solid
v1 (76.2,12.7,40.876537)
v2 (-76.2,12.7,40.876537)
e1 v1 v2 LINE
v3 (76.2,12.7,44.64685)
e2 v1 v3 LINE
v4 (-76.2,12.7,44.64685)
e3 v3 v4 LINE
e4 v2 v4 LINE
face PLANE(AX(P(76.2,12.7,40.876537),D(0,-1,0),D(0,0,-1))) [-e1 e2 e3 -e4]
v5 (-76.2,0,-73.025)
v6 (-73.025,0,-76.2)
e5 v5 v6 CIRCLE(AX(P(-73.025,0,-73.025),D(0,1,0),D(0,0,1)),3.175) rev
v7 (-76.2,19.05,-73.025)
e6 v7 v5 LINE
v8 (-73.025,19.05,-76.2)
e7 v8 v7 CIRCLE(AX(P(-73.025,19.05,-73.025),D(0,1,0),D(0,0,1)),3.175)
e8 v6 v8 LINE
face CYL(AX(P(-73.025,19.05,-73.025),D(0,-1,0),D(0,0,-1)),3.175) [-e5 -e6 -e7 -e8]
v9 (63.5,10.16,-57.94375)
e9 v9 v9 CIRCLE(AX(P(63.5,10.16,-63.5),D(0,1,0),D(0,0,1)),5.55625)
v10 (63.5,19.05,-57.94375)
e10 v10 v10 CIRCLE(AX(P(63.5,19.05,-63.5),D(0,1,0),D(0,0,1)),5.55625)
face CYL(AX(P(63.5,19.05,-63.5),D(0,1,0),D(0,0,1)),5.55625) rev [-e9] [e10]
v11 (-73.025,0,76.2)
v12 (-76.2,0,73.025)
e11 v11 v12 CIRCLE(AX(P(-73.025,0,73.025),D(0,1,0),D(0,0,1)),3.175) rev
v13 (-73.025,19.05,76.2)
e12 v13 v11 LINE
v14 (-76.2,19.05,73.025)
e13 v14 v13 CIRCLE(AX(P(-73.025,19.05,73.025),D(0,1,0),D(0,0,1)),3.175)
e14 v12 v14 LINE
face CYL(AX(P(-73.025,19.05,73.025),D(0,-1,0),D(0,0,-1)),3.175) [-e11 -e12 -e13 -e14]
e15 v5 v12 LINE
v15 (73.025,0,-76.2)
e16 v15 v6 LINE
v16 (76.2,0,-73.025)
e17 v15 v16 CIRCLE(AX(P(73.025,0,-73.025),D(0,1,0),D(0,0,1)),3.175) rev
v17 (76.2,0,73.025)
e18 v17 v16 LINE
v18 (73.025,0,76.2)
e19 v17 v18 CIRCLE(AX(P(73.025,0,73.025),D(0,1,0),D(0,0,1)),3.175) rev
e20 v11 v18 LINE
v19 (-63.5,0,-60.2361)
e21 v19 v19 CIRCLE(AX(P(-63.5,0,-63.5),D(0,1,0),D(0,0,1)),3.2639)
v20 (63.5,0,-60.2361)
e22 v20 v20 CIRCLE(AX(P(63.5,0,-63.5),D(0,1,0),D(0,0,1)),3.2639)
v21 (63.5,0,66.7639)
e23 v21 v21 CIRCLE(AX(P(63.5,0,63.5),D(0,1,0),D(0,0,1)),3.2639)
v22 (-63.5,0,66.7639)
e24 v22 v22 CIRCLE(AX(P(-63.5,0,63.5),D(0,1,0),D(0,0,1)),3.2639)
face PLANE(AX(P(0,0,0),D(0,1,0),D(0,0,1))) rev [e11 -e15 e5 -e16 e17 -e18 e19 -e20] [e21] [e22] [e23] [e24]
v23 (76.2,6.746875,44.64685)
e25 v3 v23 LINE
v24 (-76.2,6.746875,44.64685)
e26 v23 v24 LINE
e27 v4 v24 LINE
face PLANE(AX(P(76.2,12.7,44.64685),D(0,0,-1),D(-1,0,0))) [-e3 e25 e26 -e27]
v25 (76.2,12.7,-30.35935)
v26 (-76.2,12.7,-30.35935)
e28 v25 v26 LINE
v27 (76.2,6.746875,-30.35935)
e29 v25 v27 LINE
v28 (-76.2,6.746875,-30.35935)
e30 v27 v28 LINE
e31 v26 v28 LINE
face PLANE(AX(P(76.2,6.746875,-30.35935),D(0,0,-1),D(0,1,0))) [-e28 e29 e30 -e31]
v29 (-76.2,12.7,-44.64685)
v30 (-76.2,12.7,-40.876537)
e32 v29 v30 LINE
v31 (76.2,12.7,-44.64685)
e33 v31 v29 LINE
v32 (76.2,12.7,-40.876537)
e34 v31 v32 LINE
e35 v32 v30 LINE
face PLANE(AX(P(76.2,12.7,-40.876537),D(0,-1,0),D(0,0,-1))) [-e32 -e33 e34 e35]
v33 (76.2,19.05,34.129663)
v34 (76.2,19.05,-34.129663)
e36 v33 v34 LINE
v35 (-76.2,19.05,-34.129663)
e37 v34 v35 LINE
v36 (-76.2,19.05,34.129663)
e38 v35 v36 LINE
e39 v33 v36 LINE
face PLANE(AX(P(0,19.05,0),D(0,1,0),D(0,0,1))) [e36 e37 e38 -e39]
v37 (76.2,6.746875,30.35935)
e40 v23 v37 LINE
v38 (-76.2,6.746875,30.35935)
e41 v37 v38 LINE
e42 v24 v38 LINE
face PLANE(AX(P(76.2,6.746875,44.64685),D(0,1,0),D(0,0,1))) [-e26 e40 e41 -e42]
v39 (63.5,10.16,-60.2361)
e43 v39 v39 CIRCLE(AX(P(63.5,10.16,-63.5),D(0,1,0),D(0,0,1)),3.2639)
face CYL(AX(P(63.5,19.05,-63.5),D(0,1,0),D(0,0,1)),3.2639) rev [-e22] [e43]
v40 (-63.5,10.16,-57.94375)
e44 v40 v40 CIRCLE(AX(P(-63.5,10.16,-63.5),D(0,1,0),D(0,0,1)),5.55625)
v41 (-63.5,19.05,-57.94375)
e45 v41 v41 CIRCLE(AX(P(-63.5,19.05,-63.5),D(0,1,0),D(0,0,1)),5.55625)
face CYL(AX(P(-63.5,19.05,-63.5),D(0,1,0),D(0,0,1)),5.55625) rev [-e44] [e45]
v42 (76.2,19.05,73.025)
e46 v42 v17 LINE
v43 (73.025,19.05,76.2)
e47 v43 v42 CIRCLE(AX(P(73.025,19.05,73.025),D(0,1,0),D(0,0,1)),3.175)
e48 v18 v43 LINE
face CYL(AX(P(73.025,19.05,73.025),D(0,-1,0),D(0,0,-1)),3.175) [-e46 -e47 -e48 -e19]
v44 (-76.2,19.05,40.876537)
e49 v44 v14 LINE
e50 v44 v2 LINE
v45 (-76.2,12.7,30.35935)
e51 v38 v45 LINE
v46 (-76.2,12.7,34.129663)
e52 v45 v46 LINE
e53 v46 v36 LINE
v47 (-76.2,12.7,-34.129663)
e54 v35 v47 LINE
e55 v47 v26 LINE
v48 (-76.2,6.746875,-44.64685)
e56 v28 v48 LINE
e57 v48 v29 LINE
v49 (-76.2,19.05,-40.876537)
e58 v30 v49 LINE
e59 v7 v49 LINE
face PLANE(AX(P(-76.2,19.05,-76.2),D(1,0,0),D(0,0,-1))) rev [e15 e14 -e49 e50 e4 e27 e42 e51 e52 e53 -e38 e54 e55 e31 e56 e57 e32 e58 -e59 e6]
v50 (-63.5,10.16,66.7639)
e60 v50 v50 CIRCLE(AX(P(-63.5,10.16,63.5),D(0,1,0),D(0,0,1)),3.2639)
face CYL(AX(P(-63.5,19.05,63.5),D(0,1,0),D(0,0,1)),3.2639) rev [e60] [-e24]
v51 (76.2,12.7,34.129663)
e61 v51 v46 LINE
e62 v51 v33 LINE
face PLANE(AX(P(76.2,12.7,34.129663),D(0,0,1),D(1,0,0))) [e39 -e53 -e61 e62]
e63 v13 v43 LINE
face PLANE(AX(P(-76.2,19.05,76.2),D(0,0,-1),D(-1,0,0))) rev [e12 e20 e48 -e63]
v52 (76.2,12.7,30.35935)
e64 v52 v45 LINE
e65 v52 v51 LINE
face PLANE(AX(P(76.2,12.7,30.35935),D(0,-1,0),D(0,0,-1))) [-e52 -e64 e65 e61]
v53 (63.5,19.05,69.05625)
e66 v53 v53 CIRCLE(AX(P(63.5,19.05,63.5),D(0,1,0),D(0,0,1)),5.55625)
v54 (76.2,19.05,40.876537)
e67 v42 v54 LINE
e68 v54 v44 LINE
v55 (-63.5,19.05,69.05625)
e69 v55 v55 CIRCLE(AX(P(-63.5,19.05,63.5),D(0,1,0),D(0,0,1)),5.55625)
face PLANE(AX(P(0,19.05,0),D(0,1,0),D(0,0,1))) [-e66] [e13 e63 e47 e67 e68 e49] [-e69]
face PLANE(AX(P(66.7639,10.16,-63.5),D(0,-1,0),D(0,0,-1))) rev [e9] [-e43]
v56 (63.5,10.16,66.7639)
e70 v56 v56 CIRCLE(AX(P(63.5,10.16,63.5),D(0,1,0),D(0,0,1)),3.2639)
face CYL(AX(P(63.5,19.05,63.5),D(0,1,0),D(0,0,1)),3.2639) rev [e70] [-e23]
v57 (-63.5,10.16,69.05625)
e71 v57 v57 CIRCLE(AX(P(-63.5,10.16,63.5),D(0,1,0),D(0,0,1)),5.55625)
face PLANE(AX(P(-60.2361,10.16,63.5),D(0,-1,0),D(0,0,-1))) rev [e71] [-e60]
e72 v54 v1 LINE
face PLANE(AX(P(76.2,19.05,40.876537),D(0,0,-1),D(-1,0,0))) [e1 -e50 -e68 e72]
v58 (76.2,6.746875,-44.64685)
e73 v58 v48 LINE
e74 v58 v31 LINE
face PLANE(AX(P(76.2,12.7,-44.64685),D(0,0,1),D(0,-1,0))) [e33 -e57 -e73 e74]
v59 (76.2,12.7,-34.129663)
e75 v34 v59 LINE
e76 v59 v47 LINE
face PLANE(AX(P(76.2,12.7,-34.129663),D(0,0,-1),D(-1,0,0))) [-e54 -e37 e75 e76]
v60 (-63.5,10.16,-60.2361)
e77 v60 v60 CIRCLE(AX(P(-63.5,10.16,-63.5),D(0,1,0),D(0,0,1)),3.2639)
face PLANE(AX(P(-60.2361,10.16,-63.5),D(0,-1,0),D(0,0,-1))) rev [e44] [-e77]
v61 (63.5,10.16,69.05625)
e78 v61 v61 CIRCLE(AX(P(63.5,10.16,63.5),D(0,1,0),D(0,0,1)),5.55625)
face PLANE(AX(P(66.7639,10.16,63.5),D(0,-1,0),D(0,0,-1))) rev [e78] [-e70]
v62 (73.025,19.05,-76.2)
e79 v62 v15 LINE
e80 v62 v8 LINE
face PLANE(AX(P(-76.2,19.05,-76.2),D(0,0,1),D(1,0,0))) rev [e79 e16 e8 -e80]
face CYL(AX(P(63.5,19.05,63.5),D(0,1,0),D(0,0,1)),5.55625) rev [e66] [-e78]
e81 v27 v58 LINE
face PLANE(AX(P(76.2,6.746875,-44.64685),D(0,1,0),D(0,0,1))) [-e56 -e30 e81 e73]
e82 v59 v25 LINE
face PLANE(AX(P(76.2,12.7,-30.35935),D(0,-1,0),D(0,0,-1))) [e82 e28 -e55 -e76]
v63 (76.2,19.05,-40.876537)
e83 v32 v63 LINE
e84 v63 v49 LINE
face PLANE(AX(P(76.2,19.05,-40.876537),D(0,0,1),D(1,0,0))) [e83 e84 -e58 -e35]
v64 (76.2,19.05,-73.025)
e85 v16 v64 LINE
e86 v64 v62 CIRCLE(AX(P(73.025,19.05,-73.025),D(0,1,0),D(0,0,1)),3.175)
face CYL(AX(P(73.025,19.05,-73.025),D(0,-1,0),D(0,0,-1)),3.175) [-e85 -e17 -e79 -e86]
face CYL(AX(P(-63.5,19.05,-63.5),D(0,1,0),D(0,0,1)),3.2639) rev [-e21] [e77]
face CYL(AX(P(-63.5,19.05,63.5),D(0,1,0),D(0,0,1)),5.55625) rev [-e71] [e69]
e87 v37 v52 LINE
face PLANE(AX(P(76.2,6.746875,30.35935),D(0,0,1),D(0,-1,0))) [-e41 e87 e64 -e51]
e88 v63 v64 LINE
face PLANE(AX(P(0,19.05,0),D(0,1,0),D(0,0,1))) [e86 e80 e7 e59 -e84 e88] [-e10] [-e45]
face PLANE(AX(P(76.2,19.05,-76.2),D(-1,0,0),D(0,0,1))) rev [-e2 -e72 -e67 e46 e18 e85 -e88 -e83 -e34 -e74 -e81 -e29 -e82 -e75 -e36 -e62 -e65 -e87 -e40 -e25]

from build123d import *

# Parameters (mm, degrees)
SKETCH1_W                                        = 152.4
SKETCH1_H                                        = 152.4
BOSS_EXTRUDE1_DEPTH                              = 19.05
CBORE_FOR_1_4_SOCKET_HEAD_CAP_SCREW1_D           = 6.5278
CBORE_FOR_1_4_SOCKET_HEAD_CAP_SCREW1_CBORE_D     = 11.1125
CBORE_FOR_1_4_SOCKET_HEAD_CAP_SCREW1_CBORE_DEPTH = 8.89
T_SLOT_CUT_WITH_MCMASTER_8789A16_BIT_DEPTH       = 172.45
FILLET1_R                                        = 3.175


with BuildPart() as part:
    # Sketch1 → Boss-Extrude1 (new body)
    with BuildSketch(Plane(origin=(0, 0, 0), x_dir=(1, 0, 0), z_dir=(0, 1, 0))):
        Rectangle(SKETCH1_W, SKETCH1_H)
    extrude(amount=BOSS_EXTRUDE1_DEPTH)

    # CBORE for 1/4 Socket Head Cap Screw1 (through all)
    with Locations(Plane(origin=(0, 19.05, 0), x_dir=(1, 0, 0), z_dir=(0, 1, 0))):
        with Locations((-63.5, 63.5), (63.5, 63.5), (63.5, -63.5), (-63.5, -63.5)):
            CounterBoreHole(CBORE_FOR_1_4_SOCKET_HEAD_CAP_SCREW1_D / 2, CBORE_FOR_1_4_SOCKET_HEAD_CAP_SCREW1_CBORE_D / 2, CBORE_FOR_1_4_SOCKET_HEAD_CAP_SCREW1_CBORE_DEPTH)

    # Sketch4 → T-SLOT CUT WITH MCMASTER 8789A16 BIT (cut, through all)
    with BuildSketch(Plane(origin=(-76.2, 0, 0), x_dir=(0, 0, -1), z_dir=(1, 0, 0))):
        Polygon((-40.8765375, 19.05), (-40.8765375, 12.7), (-44.64685, 12.7), (-44.64685, 6.746875), (-30.35935, 6.746875), (-30.35935, 12.7), (-34.1296625, 12.7), (-34.1296625, 19.05), align=None)
        Polygon((34.1296625, 12.7), (34.1296625, 19.05), (40.8765375, 19.05), (40.8765375, 12.7), (44.64685, 12.7), (44.64685, 6.746875), (30.35935, 6.746875), (30.35935, 12.7), align=None)
    extrude(amount=T_SLOT_CUT_WITH_MCMASTER_8789A16_BIT_DEPTH, mode=Mode.SUBTRACT)

    # Fillet1
    fillet1_edges = [part.edges().sort_by_distance(p)[0] for p in [
        (76.2, 9.525, 76.2),
        (-76.2, 9.525, 76.2),
        (-76.2, 9.525, -76.2),
        (76.2, 9.525, -76.2),
    ]]
    fillet(fillet1_edges, radius=FILLET1_R)


solid = part.part
